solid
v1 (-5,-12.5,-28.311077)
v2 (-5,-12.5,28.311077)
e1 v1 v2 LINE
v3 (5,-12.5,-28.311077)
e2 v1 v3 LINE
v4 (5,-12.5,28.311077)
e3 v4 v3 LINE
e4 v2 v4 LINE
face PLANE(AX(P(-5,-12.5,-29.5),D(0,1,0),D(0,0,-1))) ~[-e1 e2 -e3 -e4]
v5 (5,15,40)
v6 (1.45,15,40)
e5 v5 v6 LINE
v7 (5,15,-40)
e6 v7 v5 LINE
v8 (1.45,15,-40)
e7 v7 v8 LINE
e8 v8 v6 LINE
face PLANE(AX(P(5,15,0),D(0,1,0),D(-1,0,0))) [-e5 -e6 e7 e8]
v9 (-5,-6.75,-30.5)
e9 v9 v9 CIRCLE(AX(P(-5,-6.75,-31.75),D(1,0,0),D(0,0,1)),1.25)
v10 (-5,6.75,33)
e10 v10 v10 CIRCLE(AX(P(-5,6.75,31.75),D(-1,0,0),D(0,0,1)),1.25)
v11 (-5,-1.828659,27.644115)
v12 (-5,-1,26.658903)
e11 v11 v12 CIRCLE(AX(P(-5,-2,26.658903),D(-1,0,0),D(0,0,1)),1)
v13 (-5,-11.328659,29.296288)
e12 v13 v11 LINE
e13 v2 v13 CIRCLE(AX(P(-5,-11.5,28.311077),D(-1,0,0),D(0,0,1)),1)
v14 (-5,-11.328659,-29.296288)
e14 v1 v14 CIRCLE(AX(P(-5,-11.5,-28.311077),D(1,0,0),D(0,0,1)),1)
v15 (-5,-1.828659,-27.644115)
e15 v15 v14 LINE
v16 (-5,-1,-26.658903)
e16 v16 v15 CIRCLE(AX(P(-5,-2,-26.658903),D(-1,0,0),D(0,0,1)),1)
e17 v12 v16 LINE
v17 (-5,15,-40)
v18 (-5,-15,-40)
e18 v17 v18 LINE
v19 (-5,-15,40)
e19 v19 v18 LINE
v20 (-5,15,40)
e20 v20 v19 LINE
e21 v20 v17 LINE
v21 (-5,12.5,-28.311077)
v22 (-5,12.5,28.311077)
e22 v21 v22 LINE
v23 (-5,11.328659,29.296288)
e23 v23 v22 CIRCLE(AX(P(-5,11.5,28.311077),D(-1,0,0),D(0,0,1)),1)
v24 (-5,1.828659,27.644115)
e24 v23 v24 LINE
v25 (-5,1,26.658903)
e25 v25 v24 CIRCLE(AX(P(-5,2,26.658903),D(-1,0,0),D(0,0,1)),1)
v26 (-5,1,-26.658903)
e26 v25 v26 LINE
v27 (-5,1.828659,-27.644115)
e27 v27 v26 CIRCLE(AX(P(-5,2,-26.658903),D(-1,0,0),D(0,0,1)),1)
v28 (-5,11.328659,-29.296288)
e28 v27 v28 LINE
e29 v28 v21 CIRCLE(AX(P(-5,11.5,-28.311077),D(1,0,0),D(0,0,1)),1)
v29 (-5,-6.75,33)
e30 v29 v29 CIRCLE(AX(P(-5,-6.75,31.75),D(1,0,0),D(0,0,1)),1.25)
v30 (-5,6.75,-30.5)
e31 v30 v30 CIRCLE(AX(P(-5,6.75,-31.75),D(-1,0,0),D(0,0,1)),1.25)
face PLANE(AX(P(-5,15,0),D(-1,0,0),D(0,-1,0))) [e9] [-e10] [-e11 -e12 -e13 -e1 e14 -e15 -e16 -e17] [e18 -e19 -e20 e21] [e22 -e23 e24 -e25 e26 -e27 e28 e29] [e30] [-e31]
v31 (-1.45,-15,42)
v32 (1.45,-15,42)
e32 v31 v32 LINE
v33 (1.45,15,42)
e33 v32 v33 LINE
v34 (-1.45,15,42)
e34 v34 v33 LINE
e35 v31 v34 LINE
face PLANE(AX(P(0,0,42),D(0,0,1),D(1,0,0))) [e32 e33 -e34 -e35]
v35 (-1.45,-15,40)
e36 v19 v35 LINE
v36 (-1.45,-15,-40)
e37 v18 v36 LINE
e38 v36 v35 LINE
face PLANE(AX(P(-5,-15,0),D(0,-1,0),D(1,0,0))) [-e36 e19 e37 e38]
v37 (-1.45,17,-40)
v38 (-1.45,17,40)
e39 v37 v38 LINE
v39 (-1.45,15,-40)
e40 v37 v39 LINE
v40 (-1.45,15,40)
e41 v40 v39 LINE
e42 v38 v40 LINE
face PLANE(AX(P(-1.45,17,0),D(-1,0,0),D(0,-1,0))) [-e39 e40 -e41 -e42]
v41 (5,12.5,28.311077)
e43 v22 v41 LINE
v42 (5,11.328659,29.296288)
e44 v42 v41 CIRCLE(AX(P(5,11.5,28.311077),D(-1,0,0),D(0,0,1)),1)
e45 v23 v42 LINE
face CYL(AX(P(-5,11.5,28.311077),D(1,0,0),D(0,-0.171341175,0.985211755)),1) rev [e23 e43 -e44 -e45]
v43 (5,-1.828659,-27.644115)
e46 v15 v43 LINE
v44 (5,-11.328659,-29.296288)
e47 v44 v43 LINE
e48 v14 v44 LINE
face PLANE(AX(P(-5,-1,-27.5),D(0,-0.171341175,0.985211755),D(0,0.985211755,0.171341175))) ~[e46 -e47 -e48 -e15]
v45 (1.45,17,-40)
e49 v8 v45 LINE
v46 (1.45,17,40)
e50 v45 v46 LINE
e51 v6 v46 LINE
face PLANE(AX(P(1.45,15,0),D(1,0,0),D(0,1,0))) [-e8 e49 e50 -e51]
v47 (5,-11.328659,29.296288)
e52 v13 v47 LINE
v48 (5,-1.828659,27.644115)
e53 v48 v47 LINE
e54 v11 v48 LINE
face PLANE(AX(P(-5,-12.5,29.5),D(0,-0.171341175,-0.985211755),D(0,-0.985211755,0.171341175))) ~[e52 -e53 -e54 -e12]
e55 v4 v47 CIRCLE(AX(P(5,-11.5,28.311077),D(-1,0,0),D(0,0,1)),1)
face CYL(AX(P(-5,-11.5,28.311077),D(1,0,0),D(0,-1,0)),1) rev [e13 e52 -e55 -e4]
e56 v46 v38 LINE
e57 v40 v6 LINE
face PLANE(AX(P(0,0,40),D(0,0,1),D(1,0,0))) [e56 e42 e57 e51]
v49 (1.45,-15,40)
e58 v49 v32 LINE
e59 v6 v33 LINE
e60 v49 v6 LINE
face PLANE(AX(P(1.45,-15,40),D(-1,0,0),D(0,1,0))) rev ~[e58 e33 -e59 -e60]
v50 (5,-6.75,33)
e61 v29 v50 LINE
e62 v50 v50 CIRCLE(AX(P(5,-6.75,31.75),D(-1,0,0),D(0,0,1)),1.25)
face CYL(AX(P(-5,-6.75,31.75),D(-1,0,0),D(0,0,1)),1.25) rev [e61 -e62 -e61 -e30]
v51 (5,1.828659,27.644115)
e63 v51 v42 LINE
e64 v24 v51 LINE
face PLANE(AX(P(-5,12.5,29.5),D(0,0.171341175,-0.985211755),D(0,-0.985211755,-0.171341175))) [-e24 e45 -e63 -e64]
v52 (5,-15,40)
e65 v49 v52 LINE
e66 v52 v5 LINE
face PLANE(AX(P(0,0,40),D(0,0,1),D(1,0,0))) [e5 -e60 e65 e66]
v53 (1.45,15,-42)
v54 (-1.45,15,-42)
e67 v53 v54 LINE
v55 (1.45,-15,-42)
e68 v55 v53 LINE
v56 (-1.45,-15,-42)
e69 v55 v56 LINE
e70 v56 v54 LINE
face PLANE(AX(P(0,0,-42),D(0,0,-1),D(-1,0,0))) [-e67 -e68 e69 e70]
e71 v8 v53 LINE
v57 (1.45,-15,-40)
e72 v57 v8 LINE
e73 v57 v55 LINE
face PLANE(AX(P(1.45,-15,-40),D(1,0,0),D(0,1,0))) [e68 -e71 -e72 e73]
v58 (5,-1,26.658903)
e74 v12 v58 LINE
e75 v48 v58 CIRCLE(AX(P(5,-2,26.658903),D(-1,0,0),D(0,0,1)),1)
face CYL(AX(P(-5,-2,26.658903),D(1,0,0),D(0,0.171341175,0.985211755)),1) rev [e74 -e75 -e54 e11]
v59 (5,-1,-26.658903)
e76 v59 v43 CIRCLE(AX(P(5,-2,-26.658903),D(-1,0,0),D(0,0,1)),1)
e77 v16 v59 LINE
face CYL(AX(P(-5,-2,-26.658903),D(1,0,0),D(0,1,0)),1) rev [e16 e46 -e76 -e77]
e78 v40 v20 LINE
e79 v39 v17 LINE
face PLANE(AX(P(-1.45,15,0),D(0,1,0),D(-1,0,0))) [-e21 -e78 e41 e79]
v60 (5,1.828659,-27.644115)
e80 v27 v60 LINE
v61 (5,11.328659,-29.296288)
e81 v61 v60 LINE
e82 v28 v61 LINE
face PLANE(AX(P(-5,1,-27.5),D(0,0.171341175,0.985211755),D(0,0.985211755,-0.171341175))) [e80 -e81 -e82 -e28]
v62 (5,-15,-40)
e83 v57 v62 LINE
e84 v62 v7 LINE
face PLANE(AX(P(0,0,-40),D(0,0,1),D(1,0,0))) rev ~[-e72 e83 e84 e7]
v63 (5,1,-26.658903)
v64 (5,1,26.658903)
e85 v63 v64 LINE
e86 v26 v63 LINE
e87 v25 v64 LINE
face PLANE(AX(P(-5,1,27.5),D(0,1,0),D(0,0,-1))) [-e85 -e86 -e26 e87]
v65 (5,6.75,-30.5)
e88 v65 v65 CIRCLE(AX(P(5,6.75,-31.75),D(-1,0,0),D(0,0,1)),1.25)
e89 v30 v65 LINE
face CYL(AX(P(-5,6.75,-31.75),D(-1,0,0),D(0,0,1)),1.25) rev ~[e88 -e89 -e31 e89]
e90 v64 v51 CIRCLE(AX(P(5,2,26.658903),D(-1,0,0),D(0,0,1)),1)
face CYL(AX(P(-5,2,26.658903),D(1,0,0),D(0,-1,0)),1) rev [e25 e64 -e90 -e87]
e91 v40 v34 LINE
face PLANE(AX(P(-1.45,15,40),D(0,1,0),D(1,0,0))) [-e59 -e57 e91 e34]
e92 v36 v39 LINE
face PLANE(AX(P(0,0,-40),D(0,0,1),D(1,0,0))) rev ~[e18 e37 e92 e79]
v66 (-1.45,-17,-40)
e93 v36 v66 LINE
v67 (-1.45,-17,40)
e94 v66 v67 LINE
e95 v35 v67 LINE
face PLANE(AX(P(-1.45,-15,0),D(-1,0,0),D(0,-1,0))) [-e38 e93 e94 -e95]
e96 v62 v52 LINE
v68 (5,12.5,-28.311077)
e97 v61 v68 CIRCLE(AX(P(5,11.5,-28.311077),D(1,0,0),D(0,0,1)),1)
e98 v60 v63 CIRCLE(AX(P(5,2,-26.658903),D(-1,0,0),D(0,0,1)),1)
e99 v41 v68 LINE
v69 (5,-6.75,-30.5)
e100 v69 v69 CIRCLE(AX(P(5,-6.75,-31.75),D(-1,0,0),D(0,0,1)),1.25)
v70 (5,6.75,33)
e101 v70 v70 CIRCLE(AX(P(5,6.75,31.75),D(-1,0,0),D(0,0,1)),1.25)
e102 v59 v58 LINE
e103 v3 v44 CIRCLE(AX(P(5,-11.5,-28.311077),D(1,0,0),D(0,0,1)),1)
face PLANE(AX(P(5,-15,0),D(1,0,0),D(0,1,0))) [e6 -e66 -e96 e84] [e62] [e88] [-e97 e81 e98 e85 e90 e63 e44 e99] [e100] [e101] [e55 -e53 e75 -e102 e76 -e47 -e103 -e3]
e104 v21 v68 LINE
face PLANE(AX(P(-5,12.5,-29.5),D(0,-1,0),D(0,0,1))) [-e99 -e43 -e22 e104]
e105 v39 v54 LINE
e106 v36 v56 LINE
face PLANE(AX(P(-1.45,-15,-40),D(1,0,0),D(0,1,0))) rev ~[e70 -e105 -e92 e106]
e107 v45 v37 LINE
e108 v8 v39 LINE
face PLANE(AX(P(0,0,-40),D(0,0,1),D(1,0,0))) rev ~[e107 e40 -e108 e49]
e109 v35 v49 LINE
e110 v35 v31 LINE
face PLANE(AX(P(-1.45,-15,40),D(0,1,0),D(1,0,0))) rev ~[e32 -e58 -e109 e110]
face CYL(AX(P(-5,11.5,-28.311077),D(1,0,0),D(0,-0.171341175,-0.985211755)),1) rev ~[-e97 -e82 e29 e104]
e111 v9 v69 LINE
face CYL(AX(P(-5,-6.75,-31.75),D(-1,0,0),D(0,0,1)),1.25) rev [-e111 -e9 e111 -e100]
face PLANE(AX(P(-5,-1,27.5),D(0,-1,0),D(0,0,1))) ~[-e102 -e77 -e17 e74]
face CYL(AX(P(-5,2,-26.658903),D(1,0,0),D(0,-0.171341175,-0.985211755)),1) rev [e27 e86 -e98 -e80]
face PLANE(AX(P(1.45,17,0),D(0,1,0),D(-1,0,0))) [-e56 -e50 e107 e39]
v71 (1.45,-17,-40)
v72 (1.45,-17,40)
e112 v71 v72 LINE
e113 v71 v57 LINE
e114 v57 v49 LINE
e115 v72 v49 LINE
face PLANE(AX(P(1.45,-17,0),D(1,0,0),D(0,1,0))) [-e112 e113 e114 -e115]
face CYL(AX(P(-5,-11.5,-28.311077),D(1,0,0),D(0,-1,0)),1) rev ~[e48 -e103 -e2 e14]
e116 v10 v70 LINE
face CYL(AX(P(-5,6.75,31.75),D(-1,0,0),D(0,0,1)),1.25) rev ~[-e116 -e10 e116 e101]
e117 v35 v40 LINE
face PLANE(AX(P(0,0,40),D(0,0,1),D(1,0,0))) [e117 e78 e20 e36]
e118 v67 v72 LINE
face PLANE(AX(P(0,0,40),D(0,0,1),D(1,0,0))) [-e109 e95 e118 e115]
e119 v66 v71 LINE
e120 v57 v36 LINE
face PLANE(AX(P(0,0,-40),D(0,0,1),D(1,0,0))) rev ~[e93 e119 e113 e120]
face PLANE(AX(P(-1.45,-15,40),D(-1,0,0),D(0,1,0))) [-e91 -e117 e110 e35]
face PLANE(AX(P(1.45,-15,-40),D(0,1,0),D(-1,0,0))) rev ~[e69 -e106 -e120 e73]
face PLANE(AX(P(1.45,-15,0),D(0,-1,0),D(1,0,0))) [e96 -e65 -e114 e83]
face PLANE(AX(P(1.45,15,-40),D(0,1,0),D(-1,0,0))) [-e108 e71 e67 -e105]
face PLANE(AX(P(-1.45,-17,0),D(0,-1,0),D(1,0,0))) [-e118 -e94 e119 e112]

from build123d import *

# Parameters (mm, degrees)
MAKERBEAMFIX_DEPTH            = 40
SKETCH4_R                     = 1.25
HOLEFORHARTINGCONNECTOR_DEPTH = 11
FILLET1_R                     = 1
FILLET1_OF_MIRROR1_R          = 1
SKETCH5_W                     = 2.9
SKETCH5_H                     = 30
MAKERBEAMFIXLEFT_DEPTH        = 2
SKETCH6_W                     = 2.9
SKETCH6_H                     = 30
MAKERBEAMFIXRIGHT_DEPTH       = 2


with BuildPart() as part:
    # Sketch1 → MakerBeamFix (new body, symmetric)
    with BuildSketch(Plane.XY):
        Polygon((-5, -15), (-1.45, -15), (-1.45, -17), (1.45, -17), (1.45, -15), (5, -15), (5, 15), (1.45, 15), (1.45, 17), (-1.45, 17), (-1.45, 15), (-5, 15), align=None)
    extrude(amount=MAKERBEAMFIX_DEPTH, both=True)

    # Sketch4 → HoleForHartingConnector (cut, through all)
    with BuildSketch(Plane.ZY.offset(5)):
        with Locations((-31.75, 6.75)):
            Circle(SKETCH4_R)
        with Locations((31.75, 6.75)):
            Circle(SKETCH4_R)
        Polygon((-29.5, 12.5), (29.5, 12.5), (27.5, 1), (-27.5, 1), align=None)
    holeforhartingconnector = extrude(amount=-HOLEFORHARTINGCONNECTOR_DEPTH, mode=Mode.SUBTRACT)

    # Fillet1
    fillet1_edges = [part.edges().sort_by_distance(p)[0] for p in [
        (0, 1, -27.5),
        (0, 12.5, -29.5),
        (0, 12.5, 29.5),
        (0, 1, 27.5),
    ]]
    fillet(fillet1_edges, radius=FILLET1_R)

    # Mirror1: HoleForHartingConnector across plane
    add(holeforhartingconnector.mirror(Plane.ZX), mode=Mode.SUBTRACT)

    # Fillet1 of Mirror1
    fillet1_of_mirror1_edges = [part.edges().sort_by_distance(p)[0] for p in [
        (0, -1, -27.5),
        (0, -12.5, -29.5),
        (0, -12.5, 29.5),
        (0, -1, 27.5),
    ]]
    fillet(fillet1_of_mirror1_edges, radius=FILLET1_OF_MIRROR1_R)

    # Sketch5 → MakerBeamFixLeft (add)
    with BuildSketch(Plane.XY.offset(40)):
        Rectangle(SKETCH5_W, SKETCH5_H)
    extrude(amount=MAKERBEAMFIXLEFT_DEPTH)

    # Sketch6 → MakerBeamFixRight (add)
    with BuildSketch(Plane(origin=(0, 0, -40), x_dir=(-1, 0, 0), z_dir=(0, 0, -1))):
        Rectangle(SKETCH6_W, SKETCH6_H)
    extrude(amount=MAKERBEAMFIXRIGHT_DEPTH)


solid = part.part
